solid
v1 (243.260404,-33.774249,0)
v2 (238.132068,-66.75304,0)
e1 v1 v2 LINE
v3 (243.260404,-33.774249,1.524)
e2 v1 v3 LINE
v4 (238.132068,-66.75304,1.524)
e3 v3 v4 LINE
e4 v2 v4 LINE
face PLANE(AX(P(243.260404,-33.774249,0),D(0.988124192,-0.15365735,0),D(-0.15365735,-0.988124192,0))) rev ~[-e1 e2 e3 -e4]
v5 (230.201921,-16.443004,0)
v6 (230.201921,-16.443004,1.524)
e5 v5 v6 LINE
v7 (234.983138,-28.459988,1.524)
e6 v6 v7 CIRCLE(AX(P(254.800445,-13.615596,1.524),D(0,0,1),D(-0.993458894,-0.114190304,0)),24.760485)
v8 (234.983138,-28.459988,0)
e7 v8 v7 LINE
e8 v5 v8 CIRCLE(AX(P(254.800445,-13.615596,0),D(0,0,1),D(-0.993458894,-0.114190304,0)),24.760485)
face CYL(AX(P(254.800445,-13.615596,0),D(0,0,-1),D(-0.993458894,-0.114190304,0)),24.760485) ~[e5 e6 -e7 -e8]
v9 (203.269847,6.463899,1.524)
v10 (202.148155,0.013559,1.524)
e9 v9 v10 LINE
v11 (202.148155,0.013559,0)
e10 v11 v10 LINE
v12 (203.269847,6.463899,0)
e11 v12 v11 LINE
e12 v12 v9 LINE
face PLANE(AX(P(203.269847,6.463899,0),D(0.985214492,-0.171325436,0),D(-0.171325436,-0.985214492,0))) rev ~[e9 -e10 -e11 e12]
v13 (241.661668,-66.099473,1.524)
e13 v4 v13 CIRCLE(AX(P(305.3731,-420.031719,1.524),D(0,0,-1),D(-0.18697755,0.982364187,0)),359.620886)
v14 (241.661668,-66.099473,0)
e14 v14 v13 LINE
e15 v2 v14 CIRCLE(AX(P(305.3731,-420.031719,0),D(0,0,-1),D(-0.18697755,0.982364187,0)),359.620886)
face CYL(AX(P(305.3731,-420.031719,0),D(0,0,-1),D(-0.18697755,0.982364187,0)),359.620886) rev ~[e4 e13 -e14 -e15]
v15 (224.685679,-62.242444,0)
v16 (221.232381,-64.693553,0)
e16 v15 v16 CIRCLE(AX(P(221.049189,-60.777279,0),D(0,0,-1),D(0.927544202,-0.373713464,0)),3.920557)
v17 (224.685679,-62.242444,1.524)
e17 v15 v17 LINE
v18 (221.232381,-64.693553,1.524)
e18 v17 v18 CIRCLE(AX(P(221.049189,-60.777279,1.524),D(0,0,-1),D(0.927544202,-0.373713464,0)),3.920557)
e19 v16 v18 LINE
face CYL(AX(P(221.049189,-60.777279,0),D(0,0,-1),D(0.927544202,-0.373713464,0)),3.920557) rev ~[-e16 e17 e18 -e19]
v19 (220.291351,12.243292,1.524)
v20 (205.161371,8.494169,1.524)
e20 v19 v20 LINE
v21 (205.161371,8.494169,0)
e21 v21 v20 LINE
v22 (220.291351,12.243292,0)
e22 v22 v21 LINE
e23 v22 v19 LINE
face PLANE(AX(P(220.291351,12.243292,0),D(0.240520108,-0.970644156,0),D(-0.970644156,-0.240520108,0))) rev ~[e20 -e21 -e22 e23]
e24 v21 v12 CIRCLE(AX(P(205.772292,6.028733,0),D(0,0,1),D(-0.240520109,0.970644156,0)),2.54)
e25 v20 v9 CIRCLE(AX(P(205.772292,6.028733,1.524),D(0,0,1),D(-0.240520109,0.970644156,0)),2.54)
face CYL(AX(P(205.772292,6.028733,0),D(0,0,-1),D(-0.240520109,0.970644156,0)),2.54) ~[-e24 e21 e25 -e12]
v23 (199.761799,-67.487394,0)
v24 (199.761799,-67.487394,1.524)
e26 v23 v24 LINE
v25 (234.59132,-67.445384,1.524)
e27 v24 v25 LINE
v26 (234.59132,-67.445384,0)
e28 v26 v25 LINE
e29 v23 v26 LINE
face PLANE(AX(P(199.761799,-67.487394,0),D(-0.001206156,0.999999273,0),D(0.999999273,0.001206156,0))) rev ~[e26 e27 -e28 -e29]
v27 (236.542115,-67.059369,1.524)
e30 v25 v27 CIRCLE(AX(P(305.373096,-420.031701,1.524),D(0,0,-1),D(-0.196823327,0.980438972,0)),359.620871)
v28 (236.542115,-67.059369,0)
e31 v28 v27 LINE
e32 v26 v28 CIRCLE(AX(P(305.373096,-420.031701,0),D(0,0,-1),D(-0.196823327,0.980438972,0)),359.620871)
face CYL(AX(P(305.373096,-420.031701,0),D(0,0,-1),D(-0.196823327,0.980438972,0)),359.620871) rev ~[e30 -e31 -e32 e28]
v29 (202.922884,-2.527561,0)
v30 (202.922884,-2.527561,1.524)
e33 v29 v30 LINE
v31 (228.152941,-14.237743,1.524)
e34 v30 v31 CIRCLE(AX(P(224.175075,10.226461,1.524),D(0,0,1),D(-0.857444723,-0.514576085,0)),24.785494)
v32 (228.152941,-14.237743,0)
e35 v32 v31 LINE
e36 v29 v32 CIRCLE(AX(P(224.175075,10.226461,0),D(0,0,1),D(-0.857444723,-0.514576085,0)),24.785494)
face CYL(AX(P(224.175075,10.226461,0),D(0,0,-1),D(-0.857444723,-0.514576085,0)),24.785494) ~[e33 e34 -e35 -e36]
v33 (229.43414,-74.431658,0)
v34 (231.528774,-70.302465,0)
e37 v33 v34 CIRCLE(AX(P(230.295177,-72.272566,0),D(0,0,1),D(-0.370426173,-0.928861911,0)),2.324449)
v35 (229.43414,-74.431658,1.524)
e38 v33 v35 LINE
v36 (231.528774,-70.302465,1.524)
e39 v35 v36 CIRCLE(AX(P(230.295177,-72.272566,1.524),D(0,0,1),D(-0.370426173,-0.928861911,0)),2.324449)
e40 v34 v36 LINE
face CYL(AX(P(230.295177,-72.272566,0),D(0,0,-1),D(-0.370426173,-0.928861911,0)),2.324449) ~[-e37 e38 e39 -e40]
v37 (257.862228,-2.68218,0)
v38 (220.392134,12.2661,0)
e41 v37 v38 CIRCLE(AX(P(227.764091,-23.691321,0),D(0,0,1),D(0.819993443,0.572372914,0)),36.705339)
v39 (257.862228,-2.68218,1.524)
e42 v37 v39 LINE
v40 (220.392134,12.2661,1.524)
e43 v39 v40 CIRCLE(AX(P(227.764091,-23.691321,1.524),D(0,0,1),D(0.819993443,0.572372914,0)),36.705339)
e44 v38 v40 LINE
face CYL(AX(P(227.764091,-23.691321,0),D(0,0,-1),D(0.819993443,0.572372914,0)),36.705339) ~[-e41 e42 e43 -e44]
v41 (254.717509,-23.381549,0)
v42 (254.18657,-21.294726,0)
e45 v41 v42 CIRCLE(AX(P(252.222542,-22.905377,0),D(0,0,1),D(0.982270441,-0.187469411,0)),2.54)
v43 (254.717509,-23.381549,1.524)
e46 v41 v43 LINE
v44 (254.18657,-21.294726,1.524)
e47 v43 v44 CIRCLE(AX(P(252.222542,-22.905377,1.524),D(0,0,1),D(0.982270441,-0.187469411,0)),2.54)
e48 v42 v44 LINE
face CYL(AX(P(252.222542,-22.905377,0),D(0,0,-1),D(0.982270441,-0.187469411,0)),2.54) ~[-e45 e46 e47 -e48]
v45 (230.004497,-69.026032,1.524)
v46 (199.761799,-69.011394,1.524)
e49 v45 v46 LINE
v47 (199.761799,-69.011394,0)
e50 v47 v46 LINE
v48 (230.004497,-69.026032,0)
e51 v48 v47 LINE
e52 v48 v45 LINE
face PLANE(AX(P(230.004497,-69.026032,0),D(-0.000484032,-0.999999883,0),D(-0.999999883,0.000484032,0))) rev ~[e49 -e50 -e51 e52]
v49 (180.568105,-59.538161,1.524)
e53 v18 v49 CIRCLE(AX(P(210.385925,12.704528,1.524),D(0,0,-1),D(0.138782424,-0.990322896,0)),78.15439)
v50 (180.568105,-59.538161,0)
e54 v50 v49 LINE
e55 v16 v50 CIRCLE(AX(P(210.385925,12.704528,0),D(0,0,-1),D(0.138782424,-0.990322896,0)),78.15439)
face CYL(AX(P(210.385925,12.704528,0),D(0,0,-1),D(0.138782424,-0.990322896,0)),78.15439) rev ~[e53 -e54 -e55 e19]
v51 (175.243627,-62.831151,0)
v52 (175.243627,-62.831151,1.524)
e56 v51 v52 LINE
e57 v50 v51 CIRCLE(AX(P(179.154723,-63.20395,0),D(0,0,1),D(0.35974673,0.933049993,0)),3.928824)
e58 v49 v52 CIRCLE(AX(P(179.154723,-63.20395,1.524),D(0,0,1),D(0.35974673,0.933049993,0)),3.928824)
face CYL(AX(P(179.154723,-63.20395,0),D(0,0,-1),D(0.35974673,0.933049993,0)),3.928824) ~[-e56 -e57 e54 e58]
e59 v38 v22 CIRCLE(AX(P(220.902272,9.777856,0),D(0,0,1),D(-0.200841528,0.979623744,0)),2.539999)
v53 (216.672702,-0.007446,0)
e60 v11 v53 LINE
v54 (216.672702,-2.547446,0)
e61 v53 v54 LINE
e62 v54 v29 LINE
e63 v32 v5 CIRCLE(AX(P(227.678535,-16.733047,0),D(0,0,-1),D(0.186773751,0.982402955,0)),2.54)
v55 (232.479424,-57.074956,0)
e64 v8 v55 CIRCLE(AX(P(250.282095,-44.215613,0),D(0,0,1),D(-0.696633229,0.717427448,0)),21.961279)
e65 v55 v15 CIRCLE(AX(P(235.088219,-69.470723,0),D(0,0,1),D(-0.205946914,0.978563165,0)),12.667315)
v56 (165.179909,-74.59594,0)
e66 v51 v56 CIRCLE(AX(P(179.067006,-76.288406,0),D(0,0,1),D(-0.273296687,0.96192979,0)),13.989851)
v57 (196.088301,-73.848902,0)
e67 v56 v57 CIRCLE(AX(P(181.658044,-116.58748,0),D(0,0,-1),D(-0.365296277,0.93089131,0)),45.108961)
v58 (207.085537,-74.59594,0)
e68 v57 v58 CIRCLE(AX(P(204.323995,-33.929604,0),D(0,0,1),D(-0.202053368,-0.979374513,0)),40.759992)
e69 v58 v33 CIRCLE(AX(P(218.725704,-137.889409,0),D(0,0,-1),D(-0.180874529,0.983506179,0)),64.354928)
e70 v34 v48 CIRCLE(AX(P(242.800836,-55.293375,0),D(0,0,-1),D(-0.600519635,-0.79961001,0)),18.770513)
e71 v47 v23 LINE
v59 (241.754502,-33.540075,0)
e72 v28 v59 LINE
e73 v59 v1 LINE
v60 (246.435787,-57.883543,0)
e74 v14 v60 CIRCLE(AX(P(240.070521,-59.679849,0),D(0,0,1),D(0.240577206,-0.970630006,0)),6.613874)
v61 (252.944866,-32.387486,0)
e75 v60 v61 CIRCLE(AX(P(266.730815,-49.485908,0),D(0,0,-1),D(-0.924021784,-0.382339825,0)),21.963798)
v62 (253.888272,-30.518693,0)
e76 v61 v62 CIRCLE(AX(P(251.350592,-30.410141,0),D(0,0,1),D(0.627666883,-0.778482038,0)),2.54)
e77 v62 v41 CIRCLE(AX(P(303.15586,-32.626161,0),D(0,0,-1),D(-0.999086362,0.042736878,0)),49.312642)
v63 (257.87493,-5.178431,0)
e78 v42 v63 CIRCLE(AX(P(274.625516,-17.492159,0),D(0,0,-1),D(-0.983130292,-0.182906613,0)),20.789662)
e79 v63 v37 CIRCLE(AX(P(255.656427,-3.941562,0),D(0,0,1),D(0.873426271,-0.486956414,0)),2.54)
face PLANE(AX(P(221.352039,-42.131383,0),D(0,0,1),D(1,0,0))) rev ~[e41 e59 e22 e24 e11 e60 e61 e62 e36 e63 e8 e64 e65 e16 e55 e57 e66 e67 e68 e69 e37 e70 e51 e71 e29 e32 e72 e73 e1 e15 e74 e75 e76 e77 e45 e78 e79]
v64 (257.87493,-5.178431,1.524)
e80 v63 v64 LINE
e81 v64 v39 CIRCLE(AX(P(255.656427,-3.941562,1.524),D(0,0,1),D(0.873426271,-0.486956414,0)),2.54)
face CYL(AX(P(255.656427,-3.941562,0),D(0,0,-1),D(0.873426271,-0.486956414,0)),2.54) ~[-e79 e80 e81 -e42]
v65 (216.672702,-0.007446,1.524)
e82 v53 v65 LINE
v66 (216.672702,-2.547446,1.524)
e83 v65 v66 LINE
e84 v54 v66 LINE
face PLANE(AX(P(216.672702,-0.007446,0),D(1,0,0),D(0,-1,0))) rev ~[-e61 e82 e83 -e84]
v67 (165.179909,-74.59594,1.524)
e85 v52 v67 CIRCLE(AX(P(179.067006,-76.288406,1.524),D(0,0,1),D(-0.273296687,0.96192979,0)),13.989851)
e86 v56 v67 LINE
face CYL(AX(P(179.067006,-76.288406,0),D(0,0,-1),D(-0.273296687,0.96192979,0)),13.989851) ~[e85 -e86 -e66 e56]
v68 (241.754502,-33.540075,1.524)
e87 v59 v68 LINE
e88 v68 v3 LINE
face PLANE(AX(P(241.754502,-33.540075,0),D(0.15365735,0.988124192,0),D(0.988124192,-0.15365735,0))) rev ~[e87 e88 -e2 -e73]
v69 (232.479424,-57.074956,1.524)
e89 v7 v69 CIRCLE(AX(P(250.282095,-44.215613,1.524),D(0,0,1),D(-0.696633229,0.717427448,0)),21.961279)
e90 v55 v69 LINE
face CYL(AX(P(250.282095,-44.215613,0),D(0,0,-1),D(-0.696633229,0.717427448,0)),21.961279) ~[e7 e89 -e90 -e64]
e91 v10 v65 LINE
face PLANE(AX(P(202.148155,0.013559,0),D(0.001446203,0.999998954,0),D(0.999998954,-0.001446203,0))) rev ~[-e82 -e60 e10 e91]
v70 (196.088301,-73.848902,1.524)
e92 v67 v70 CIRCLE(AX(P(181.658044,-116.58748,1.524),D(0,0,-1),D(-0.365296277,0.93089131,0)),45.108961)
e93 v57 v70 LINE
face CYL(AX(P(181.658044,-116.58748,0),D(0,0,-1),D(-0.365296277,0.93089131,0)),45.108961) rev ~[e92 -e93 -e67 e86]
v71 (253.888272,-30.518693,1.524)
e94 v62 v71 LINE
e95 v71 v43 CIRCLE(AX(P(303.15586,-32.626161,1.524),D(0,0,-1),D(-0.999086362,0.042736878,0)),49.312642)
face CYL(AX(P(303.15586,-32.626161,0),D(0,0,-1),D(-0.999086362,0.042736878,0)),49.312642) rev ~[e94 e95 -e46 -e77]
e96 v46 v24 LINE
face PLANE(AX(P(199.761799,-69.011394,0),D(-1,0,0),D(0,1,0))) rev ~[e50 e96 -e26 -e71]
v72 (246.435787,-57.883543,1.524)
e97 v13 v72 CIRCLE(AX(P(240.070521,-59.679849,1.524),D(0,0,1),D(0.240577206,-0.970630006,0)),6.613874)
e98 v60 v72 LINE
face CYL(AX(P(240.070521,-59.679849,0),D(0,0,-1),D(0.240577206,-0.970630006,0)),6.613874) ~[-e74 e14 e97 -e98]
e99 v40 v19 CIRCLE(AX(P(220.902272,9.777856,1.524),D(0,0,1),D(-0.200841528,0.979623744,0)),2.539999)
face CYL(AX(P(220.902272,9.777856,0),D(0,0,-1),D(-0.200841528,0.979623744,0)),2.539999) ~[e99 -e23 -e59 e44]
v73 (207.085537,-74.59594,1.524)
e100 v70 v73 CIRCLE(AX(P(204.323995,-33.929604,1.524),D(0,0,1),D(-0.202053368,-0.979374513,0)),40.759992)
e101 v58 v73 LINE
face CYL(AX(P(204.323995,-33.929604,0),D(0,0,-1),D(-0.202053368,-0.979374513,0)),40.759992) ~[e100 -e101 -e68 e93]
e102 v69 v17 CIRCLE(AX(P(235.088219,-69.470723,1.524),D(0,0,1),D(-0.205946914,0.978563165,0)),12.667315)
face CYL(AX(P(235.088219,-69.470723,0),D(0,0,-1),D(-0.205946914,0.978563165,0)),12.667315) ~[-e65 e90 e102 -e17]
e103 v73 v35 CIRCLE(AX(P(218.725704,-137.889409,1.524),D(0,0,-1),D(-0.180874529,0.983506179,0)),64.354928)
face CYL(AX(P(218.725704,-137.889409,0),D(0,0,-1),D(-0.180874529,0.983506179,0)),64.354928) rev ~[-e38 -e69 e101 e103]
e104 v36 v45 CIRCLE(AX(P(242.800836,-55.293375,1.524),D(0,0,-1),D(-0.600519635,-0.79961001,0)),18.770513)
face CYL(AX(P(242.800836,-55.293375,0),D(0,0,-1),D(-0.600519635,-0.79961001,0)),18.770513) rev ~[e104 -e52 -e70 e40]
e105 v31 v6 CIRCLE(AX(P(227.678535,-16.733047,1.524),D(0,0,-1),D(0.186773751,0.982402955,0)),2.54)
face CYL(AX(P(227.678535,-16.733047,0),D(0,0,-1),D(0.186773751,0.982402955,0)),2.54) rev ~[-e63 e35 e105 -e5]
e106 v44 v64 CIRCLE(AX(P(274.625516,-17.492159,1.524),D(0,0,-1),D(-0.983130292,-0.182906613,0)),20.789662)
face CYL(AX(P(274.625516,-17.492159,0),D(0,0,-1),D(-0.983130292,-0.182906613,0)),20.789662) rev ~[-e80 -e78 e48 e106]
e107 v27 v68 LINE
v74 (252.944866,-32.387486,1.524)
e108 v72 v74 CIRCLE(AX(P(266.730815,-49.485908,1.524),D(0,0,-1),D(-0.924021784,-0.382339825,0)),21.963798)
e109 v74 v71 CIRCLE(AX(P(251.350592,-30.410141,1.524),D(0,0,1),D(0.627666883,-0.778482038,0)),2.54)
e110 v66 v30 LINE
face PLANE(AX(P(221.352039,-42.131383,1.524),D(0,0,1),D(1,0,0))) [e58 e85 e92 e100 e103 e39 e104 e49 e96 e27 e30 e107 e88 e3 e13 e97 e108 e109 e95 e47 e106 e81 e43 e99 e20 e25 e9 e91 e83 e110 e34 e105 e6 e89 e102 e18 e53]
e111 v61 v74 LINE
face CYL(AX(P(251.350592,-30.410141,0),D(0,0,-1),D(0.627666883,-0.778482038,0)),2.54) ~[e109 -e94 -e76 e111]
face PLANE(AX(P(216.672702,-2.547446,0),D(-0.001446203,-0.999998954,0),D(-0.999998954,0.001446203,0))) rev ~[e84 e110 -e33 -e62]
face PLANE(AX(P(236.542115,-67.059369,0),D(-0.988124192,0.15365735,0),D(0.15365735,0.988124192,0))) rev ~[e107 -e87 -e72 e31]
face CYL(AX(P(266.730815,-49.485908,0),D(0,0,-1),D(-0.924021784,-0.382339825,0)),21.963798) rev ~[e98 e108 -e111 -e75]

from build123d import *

# Parameters (mm, degrees)
BOSS_EXTRUDE1_DEPTH = 1.524


with BuildPart() as part:
    # Sketch1 → Boss-Extrude1 (new body)
    with BuildSketch(Plane.XY):
        with BuildLine():
            Line((216.672701746, -0.007446462), (216.672701746, -2.547446462))
            Line((216.672701746, -2.547446462), (202.922883793, -2.527561419))
            ThreePointArc((202.922883793, -2.527561419), (213.740389033, -12.255488314), (228.152940708, -14.237743463))
            ThreePointArc((228.152940708, -14.237743463), (229.539309592, -15.004139991), (230.201920973, -16.443003598))
            ThreePointArc((230.201920973, -16.443003598), (231.794065838, -22.769182164), (234.983138477, -28.459988454))
            ThreePointArc((234.983138477, -28.459988454), (228.404400606, -42.301387702), (232.479424339, -57.074955542))
            ThreePointArc((232.479424339, -57.074955542), (228.088258842, -58.913193865), (224.685678773, -62.242443545))
            ThreePointArc((224.685678773, -62.242443545), (223.318434752, -63.974353777), (221.232380668, -64.693553069))
            ThreePointArc((221.232380668, -64.693553069), (200.556241101, -64.829244423), (180.56810467, -59.538161211))
            ThreePointArc((180.56810467, -59.538161211), (177.088182276, -59.862533625), (175.243626571, -62.831151415))
            ThreePointArc((175.243626571, -62.831151415), (168.436022627, -67.194555572), (165.179908551, -74.595939794))
            ThreePointArc((165.179908551, -74.595939794), (180.56810467, -71.491688256), (196.088301261, -73.848901695))
            ThreePointArc((196.088301261, -73.848901695), (201.561550117, -74.595878453), (207.085536659, -74.595939794))
            ThreePointArc((207.085536659, -74.595939794), (218.25265241, -73.536219791), (229.434140266, -74.431658236))
            ThreePointArc((229.434140266, -74.431658236), (232.368160186, -73.324137561), (231.528773962, -70.302464895))
            ThreePointArc((231.528773962, -70.302464895), (230.749723909, -69.684443769), (230.004496974, -69.026032112))
            Line((230.004496974, -69.026032112), (199.761798891, -69.011393679))
            Line((199.761798891, -69.011393679), (199.761798891, -67.487393679))
            Line((199.761798891, -67.487393679), (234.591320158, -67.44538381))
            ThreePointArc((234.591320158, -67.44538381), (235.566450517, -67.25102819), (236.542114519, -67.059369434))
            Line((236.542114519, -67.059369434), (241.754501837, -33.540074699))
            Line((241.754501837, -33.540074699), (243.260404343, -33.774248693))
            Line((243.260404343, -33.774248693), (238.132067507, -66.75304007))
            ThreePointArc((238.132067507, -66.75304007), (239.89605254, -66.421852491), (241.661668499, -66.099472755))
            ThreePointArc((241.661668499, -66.099472755), (245.789044159, -63.002771973), (246.435787058, -57.883542618))
            ThreePointArc((246.435787058, -57.883542618), (245.449591498, -44.052865168), (252.944866234, -32.387485746))
            ThreePointArc((252.944866234, -32.387485746), (253.618048182, -31.554800294), (253.888271711, -30.518693039))
            ThreePointArc((253.888271711, -30.518693039), (254.1727268, -26.934998032), (254.717509197, -23.381549463))
            ThreePointArc((254.717509197, -23.381549463), (254.684120067, -22.279090661), (254.186569515, -21.294726048))
            ThreePointArc((254.186569515, -21.294726048), (254.359804188, -12.854167351), (257.874930037, -5.178430798))
            ThreePointArc((257.874930037, -5.178430798), (258.196394426, -3.928637169), (257.862228141, -2.682179643))
            ThreePointArc((257.862228141, -2.682179643), (241.364921289, 10.401189736), (220.392134228, 12.266100085))
            ThreePointArc((220.392134228, 12.266100085), (220.341626443, 12.255208572), (220.291350651, 12.243291934))
            Line((220.291350651, 12.243291934), (205.161370791, 8.494168867))
            ThreePointArc((205.161370791, 8.494168867), (203.913862316, 7.760159754), (203.269847057, 6.463899318))
            Line((203.269847057, 6.463899318), (202.1481549, 0.013558997))
            Line((202.1481549, 0.013558997), (216.672701746, -0.007446462))
        make_face()
    extrude(amount=BOSS_EXTRUDE1_DEPTH)


solid = part.part
